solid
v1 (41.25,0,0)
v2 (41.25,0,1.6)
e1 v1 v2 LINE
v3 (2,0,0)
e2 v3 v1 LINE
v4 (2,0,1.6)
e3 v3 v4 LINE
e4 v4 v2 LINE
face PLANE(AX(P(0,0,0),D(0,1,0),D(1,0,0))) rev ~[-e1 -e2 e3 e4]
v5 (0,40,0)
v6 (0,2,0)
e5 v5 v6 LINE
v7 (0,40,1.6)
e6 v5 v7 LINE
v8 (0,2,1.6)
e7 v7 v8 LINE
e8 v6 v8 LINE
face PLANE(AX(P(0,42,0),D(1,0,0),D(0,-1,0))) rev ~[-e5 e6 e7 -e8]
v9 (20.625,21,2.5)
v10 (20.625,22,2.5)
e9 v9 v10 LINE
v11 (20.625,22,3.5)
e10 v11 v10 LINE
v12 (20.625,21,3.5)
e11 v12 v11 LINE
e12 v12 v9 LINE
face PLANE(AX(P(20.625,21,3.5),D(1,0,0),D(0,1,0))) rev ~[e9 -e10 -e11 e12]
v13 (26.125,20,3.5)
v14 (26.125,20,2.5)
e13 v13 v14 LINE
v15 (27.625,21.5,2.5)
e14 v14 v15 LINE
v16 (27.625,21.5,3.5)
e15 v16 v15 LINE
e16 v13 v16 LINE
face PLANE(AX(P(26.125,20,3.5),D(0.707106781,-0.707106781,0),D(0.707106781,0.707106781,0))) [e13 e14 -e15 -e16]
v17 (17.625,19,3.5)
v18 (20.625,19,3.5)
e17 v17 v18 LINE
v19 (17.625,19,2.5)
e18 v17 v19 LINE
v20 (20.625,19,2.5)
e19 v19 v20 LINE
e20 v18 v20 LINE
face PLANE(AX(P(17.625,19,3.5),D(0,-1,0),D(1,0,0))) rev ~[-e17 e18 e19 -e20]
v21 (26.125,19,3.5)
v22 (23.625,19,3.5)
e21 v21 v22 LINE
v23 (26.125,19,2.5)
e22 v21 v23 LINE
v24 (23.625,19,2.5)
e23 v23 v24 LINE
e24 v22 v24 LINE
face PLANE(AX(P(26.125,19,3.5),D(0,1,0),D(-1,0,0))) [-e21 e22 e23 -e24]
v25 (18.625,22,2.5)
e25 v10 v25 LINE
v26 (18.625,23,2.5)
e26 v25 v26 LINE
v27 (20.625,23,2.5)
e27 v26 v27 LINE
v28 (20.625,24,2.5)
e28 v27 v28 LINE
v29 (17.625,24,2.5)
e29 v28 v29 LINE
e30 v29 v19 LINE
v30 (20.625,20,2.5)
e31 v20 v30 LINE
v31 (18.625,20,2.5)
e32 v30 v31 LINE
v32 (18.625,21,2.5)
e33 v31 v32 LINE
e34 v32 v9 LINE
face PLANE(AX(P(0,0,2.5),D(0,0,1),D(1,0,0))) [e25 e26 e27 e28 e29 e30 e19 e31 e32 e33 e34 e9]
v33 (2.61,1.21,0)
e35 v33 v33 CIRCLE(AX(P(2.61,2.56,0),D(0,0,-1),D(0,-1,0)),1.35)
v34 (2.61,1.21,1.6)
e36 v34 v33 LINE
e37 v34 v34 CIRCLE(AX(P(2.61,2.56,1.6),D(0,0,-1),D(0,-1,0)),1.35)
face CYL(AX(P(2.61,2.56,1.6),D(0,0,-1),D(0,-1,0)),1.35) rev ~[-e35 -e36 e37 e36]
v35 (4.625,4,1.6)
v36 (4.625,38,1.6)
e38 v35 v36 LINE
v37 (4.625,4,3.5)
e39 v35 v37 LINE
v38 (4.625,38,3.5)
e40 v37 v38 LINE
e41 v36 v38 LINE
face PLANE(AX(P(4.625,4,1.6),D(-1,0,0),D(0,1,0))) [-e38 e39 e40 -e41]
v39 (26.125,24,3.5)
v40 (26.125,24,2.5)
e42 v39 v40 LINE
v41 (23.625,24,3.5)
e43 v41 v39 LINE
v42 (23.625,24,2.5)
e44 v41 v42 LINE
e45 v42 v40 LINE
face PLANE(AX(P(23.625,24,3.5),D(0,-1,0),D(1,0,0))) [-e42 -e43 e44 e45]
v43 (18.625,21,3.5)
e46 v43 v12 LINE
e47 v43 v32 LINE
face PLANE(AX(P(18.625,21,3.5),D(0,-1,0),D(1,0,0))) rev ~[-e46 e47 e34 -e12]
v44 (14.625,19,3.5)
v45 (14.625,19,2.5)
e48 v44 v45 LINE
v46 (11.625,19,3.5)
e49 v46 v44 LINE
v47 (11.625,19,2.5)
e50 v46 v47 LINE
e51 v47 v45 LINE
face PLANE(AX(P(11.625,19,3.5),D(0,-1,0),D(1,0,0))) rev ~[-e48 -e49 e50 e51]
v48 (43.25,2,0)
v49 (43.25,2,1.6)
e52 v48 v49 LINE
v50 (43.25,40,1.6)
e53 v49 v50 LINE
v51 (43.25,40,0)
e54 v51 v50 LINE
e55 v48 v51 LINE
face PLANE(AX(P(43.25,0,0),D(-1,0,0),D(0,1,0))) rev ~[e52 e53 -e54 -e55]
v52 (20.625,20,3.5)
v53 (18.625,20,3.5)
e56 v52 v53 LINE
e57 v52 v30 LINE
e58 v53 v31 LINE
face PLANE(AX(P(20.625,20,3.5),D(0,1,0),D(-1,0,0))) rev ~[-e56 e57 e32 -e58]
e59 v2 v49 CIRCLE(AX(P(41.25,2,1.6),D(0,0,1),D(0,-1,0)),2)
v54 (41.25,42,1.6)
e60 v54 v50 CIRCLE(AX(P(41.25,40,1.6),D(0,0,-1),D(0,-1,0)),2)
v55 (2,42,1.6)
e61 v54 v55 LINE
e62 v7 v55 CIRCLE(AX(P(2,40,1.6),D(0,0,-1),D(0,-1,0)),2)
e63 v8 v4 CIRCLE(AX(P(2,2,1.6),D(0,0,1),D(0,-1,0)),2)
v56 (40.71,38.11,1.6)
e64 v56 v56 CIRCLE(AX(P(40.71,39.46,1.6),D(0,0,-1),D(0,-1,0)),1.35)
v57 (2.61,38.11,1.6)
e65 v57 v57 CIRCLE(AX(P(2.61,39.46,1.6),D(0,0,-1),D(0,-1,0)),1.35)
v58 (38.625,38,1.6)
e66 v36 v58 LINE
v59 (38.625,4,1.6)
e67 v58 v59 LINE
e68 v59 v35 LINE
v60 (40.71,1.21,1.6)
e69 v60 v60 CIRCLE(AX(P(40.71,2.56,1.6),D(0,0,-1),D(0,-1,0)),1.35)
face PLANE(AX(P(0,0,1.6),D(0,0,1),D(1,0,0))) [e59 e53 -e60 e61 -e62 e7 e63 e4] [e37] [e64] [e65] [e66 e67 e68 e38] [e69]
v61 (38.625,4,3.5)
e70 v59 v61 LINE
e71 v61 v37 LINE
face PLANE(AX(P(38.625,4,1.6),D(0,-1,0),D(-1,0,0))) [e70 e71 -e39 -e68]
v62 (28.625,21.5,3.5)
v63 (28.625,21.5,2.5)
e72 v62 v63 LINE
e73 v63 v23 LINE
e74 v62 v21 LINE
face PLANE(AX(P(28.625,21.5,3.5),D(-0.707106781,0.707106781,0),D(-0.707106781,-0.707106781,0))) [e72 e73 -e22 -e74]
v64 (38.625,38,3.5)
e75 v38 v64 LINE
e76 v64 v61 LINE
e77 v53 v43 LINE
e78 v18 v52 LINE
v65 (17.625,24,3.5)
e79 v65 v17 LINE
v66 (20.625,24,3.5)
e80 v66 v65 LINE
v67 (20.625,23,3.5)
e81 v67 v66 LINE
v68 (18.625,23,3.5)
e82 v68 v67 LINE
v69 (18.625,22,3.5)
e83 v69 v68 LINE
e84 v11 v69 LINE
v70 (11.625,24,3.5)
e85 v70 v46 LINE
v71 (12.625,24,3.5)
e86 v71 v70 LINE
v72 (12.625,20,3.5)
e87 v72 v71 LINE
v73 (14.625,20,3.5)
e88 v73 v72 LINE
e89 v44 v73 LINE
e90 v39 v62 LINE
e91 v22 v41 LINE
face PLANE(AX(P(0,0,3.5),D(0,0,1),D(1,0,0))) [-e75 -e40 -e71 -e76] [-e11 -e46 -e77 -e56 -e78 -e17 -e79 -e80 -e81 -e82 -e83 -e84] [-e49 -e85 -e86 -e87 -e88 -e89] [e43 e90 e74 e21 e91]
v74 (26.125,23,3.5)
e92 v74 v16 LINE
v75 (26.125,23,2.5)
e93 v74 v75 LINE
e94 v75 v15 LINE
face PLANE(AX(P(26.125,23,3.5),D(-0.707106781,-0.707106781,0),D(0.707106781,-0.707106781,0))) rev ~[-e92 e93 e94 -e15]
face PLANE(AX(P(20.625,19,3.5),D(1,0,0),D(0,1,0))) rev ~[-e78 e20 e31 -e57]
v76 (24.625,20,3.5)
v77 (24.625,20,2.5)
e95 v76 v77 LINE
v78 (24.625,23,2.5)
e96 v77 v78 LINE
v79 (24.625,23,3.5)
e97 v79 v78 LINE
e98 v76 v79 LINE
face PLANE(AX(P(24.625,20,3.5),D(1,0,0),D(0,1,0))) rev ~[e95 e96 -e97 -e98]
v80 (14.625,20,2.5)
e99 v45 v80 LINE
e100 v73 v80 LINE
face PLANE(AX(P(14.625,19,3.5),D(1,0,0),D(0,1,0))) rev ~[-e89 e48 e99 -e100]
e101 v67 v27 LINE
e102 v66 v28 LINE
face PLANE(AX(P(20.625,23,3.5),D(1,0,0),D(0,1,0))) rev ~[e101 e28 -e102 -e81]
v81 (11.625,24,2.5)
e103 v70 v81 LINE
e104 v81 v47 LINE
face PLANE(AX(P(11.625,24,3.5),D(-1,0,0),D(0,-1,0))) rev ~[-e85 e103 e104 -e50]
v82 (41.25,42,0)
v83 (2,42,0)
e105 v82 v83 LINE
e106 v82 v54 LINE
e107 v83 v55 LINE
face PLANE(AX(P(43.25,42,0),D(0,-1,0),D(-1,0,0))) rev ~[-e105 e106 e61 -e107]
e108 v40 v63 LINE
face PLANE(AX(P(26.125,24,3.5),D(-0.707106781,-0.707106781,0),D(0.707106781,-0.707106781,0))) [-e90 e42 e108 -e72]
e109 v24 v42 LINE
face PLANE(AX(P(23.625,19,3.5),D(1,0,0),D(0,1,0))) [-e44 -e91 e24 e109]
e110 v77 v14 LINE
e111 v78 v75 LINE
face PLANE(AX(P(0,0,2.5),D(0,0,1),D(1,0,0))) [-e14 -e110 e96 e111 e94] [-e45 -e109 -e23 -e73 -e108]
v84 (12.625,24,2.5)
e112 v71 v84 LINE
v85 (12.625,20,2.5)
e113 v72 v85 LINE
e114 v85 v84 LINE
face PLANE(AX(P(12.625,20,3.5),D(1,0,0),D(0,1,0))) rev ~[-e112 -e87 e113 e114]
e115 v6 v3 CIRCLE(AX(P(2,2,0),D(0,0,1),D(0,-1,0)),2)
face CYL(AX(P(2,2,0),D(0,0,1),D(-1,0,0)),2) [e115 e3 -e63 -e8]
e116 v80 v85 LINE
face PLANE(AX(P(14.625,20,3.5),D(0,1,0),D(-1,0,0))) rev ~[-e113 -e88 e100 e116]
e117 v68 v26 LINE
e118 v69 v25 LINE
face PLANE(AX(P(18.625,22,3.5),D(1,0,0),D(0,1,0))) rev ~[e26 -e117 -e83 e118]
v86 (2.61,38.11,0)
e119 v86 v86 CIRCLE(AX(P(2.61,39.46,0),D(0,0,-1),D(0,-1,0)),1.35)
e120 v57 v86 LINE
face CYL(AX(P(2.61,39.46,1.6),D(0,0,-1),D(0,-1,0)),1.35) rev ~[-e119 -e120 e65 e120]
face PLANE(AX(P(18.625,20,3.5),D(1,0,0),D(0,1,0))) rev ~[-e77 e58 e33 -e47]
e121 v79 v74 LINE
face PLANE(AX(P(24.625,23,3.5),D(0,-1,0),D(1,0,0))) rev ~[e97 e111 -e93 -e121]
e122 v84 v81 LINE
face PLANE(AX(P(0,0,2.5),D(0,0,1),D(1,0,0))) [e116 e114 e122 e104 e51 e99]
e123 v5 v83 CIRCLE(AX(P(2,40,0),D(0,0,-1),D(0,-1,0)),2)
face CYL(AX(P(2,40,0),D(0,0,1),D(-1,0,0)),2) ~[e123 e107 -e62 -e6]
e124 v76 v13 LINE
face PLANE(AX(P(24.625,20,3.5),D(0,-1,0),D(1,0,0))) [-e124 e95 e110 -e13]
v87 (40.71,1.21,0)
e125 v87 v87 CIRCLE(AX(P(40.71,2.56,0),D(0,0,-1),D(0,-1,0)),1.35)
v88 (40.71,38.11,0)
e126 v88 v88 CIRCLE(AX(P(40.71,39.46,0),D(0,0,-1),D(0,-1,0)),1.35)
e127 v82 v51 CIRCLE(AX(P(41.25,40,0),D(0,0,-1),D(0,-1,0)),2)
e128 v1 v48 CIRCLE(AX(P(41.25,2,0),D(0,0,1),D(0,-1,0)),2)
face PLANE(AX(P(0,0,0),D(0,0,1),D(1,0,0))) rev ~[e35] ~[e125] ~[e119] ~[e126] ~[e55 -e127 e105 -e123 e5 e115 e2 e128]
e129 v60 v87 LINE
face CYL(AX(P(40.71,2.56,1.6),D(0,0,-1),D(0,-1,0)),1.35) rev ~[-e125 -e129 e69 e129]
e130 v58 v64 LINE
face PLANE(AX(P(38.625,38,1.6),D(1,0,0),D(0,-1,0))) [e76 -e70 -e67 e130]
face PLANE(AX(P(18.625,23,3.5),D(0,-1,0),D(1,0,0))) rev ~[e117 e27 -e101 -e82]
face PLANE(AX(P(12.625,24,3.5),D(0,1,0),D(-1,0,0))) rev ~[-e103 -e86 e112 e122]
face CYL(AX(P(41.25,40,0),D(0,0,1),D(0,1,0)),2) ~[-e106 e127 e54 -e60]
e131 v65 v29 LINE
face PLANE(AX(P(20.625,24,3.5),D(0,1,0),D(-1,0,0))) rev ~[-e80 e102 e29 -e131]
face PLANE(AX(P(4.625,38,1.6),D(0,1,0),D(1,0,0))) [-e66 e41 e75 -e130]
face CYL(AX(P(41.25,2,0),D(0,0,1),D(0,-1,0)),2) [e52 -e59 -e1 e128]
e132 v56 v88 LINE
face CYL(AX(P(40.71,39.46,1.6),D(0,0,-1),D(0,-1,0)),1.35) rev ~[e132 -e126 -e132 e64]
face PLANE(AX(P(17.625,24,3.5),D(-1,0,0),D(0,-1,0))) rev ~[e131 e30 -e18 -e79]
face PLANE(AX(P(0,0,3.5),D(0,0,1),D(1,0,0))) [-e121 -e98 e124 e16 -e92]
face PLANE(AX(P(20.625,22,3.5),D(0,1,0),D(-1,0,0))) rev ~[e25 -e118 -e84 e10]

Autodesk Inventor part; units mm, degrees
ref_plane "Plan YZ" through (0, 0, 0) normal (1, 0, 0) x (0, 1, 0)
ref_plane "Plan XZ" through (0, 0, 0) normal (0, 1, 0) x (-1, 0, 0)
ref_plane "Plan XY" through (0, 0, 0) normal (0, 0, 1) x (1, 0, 0)
sketch "Esquisse1" plane through (0, 0, 0) normal (0, 0, 1) x (1, 0, 0)
  line L0 (0, 0) -> (43.25, 0)
  line L1 (43.25, 0) -> (43.25, 42)
  line L2 (43.25, 42) -> (0, 42)
  line L3 (0, 42) -> (0, 0)
  dimension "d0" = 43.25
  dimension "d1" = 42
extrude "Extrusion1" add sketch "Esquisse1" along normal blind 1.6
sketch "Esquisse6" plane through (0, 0, 1.6) normal (0, 0, 1) x (1, 0, 0)
  line L0 (4.625, 38) -> (38.625, 38)
  line L1 (38.625, 38) -> (38.625, 4)
  line L2 (38.625, 4) -> (4.625, 4)
  line L3 (4.625, 4) -> (4.625, 38)
  line L4 (0, 27.3284) -> (4.625, 27.3284) construction
  line L5 (43.25, 21) -> (38.625, 21) construction
  line L6 (19.4191, 4) -> (19.4191, 0) construction
  line L7 (15.7943, 42) -> (15.7943, 38) construction
  line L8 (0, 0) -> (43.25, 0) construction
  line L9 (43.25, 42) -> (0, 42) construction
  line L10 (43.25, 0) -> (43.25, 42) construction
  line L11 (0, 42) -> (0, 0) construction
  dimension "d4" = 34
  dimension "d5" = 34
extrude "Extrusion2" add sketch "Esquisse6" along normal blind 1.9
sketch "Esquisse7" plane through (0, 0, 1.6) normal (0, 0, 1) x (1, 0, 0)
  line L0 (43.25, 0) -> (43.25, 42) projected
  line L1 (43.25, 42) -> (0, 42) projected
  point P0 (0, 0)
  point P1 (40.71, 39.46)
  dimension "d21" = 2.54
  dimension "d22" = 2.54
hole "Perçage1" at (40.71, 39.46, 1.6) direction (0, 0, -1) diameter 2.7 end through all
pattern_linear "Réseau rectangulaire1" count 2 spacing 36.9 along (0, -1, 0) count 2 spacing 38.1 along (-1, 0, 0) of "Perçage1"
sketch "Esquisse8" plane through (0, 0, 3.5) normal (0, 0, 1) x (1, 0, 0)
  line L0 (11.625, 24) -> (11.625, 19)
  line L1 (11.625, 19) -> (14.625, 19)
  line L2 (14.625, 19) -> (14.625, 20)
  line L3 (14.625, 20) -> (12.625, 20)
  line L4 (12.625, 20) -> (12.625, 24)
  line L5 (12.625, 24) -> (11.625, 24)
  line L6 (17.625, 24) -> (17.625, 19)
  line L7 (17.625, 19) -> (20.625, 19)
  line L8 (20.625, 19) -> (20.625, 20)
  line L9 (20.625, 20) -> (18.625, 20)
  line L10 (18.625, 20) -> (18.625, 21)
  line L11 (18.625, 21) -> (20.625, 21)
  line L12 (20.625, 21) -> (20.625, 22)
  line L13 (20.625, 22) -> (18.625, 22)
  line L14 (18.625, 22) -> (18.625, 23)
  line L15 (20.625, 23) -> (20.625, 24)
  line L16 (20.625, 24) -> (17.625, 24)
  line L17 (17.625, 24) -> (17.625, 24)
  line L18 (18.625, 23) -> (20.625, 23)
  line L19 (23.625, 19) -> (23.625, 24)
  line L20 (23.625, 24) -> (26.125, 24)
  line L21 (26.125, 24) -> (28.625, 21.5)
  line L22 (28.625, 21.5) -> (26.125, 19)
  line L23 (26.125, 19) -> (23.625, 19)
  line L24 (24.625, 20) -> (24.625, 23)
  line L25 (4.625, 38) -> (4.625, 4) projected
  line L26 (4.625, 4) -> (38.625, 4) projected
  line L27 (24.625, 20) -> (26.125, 20)
  line L28 (26.125, 20) -> (27.625, 21.5)
  line L29 (24.625, 23) -> (26.125, 23)
  line L30 (26.125, 23) -> (27.625, 21.5)
  point P0 (0, 0)
  dimension "d23" = 5
  dimension "d24" = 4
  dimension "d25" = 1
  dimension "d26" = 7
  dimension "d27" = 3
  dimension "d28" = 3
  dimension "d29" = 3
  dimension "d30" = 3
  dimension "d31" = 15
  dimension "d32" = 5
  dimension "d33" = 1
  dimension "d34" = 1
  dimension "d35" = 1
  dimension "d36" = 1
  dimension "d37" = 2
  dimension "d38" = 1
  dimension "d39" = 1
  dimension "d40" = 1
  dimension "d41" = 45
  dimension "d42" = 45
  dimension "d43" = 1
  dimension "d45" = 5
extrude "Extrusion3" cut sketch "Esquisse8" against normal blind 1
fillet "Congé1" radius 2 4 edges at (0, 42, 0.8) (43.25, 42, 0.8) (43.25, 0, 0.8) (0, 0, 0.8)
properties part number "P1704_014_Display" material "."
